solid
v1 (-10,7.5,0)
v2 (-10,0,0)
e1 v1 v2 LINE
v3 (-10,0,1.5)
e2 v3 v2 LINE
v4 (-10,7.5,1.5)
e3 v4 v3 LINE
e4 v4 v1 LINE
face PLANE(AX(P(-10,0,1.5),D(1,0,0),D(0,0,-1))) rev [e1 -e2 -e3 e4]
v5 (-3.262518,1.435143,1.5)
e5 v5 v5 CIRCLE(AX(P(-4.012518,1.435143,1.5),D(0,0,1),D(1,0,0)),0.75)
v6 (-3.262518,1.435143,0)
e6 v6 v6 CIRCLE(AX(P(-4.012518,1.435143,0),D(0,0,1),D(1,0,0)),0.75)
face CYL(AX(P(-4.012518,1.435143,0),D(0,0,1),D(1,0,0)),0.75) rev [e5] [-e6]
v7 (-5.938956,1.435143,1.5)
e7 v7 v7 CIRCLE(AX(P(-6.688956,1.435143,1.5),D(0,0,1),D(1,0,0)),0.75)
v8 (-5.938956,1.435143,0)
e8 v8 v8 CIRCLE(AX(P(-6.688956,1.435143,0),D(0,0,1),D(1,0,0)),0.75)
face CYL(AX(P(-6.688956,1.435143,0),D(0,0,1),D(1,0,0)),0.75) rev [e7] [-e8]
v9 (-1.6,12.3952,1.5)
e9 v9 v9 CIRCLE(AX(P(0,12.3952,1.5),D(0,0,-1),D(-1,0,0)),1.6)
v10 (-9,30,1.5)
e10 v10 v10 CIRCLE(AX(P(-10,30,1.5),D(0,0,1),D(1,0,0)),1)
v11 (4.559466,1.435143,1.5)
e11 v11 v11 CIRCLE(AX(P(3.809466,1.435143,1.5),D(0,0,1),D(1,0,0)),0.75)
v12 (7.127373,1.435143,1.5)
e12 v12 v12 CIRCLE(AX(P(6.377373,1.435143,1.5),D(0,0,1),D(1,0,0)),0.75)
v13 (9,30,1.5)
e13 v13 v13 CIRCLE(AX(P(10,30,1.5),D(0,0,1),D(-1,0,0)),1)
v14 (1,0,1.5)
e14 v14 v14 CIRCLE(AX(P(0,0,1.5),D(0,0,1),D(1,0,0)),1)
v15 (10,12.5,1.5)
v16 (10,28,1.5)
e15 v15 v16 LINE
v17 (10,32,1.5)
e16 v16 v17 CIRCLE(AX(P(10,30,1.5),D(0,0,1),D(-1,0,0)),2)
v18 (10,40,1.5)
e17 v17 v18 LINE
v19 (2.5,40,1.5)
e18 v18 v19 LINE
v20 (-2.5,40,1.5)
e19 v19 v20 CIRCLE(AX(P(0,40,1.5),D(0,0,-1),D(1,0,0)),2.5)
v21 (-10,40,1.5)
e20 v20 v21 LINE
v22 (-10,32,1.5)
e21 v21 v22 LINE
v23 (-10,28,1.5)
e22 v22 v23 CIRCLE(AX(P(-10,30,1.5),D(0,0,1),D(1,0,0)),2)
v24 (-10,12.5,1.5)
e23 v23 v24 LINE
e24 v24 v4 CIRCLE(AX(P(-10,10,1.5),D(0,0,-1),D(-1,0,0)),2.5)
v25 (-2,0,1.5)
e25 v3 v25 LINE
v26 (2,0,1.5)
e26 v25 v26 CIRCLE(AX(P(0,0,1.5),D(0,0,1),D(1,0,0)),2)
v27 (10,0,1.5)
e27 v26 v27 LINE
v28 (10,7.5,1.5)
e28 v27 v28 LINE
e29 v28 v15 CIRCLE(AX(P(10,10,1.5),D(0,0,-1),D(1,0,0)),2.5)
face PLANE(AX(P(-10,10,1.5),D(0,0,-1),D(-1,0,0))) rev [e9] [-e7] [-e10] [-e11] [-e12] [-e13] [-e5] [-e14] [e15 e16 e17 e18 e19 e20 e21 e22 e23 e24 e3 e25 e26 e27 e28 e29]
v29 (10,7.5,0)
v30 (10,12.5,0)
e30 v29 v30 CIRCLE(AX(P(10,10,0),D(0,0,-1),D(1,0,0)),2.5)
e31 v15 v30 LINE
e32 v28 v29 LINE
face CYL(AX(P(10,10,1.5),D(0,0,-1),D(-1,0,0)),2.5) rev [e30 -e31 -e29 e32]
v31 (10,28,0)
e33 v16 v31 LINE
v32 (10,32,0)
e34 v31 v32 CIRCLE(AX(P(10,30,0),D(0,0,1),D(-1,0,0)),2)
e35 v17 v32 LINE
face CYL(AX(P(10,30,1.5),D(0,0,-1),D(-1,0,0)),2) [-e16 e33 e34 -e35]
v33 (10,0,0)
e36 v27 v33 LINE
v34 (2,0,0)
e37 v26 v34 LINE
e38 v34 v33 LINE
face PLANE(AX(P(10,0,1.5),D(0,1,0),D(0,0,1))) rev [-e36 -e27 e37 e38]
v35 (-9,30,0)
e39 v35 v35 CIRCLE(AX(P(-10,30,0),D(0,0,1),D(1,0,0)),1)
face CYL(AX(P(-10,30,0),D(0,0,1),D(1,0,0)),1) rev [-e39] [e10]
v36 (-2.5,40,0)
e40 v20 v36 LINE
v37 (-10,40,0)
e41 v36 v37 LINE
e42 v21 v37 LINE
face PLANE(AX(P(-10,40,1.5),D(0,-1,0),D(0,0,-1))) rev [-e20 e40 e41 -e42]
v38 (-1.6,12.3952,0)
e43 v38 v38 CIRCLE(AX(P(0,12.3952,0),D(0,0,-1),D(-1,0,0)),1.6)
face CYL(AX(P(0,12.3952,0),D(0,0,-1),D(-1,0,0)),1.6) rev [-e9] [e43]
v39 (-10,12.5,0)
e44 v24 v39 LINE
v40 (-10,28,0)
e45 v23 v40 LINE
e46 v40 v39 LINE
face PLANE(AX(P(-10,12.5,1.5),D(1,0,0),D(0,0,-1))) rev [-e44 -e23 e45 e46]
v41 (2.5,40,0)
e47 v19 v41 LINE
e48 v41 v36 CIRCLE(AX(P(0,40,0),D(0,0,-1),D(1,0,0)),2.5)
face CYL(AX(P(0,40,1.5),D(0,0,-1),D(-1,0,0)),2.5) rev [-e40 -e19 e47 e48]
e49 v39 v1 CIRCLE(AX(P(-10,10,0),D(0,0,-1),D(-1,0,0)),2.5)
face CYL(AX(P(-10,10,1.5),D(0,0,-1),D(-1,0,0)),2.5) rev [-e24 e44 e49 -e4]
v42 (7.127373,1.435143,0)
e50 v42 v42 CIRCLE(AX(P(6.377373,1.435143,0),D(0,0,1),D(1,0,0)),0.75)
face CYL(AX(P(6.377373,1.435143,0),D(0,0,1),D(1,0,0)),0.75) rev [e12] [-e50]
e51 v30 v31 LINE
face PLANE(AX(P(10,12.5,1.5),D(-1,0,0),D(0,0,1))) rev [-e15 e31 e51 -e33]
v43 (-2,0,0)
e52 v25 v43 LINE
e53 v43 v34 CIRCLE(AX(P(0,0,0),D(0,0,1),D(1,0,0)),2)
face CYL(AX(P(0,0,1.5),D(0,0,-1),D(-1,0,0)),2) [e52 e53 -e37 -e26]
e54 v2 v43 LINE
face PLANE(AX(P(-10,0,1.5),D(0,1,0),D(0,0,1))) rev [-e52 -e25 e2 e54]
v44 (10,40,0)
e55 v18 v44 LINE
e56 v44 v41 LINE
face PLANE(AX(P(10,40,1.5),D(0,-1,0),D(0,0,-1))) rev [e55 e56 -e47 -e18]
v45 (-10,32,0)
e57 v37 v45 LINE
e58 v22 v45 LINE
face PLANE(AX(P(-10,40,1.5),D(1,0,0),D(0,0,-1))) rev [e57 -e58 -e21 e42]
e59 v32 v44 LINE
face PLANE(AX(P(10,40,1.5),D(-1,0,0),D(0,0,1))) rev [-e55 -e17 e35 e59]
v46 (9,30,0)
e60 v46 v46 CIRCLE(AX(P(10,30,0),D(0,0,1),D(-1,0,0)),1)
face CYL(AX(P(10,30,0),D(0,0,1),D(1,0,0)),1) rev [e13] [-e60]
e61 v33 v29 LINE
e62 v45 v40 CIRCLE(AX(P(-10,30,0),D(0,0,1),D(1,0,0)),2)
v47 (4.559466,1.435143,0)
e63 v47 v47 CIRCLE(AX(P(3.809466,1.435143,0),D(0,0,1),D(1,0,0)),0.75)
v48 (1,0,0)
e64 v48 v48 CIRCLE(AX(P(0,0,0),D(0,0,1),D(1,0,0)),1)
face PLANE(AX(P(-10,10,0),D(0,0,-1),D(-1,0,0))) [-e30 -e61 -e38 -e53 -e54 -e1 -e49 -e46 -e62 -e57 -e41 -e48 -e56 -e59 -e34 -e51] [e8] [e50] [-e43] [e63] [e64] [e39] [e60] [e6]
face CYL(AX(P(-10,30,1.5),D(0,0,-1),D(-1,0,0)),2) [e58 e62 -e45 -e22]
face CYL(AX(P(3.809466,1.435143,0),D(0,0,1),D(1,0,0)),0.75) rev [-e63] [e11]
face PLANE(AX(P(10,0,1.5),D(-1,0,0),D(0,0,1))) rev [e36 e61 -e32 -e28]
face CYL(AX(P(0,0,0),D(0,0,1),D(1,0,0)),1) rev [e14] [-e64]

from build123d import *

# Parameters (mm, degrees)
PCB_DEPTH                = 1.5
ESQUISSE3_R              = 1
ESQUISSE3_R_2            = 0.75
TROUS_DEPTH              = 42.788156217
M3_CLEARANCE_HOLE2_D     = 3.2
M3_CLEARANCE_HOLE2_DEPTH = 5
M3_CLEARANCE_HOLE2_TIP   = 0.96137699


with BuildPart() as part:
    # Esquisse2 → PCB (new body)
    with BuildSketch(Plane.XY):
        with BuildLine():
            Line((-10, 0), (-2, 0))
            ThreePointArc((-2, 0), (0, -2), (2, 0))
            Line((2, 0), (10, 0))
            Line((10, 0), (10, 7.5))
            ThreePointArc((10, 7.5), (7.5, 10), (10, 12.5))
            Line((10, 12.5), (10, 28))
            ThreePointArc((10, 28), (12, 30), (10, 32))
            Line((10, 32), (10, 40))
            Line((10, 40), (2.5, 40))
            ThreePointArc((2.5, 40), (0, 37.5), (-2.5, 40))
            Line((-2.5, 40), (-10, 40))
            Line((-10, 40), (-10, 32))
            ThreePointArc((-10, 32), (-12, 30), (-10, 28))
            Line((-10, 28), (-10, 12.5))
            ThreePointArc((-10, 12.5), (-7.5, 10), (-10, 7.5))
            Line((-10, 7.5), (-10, 0))
        make_face()
    extrude(amount=PCB_DEPTH)

    # Esquisse3 → Trous (cut, through all)
    with BuildSketch(Plane.XY.offset(1.5)):
        with Locations((-10, 30)):
            Circle(ESQUISSE3_R)
        with Locations((6.37737312, 1.435143304)):
            Circle(ESQUISSE3_R_2)
        with Locations(Location((10, 30, 0), (0, 0, 180))):
            Circle(ESQUISSE3_R)
        Circle(ESQUISSE3_R)
        with Locations((3.809466202, 1.435143304)):
            Circle(ESQUISSE3_R_2)
        with Locations((-4.012518268, 1.435143304)):
            Circle(ESQUISSE3_R_2)
        with Locations((-6.688956118, 1.435143304)):
            Circle(ESQUISSE3_R_2)
    extrude(amount=-TROUS_DEPTH, mode=Mode.SUBTRACT)

    # M3 Clearance Hole2
    with Locations(Plane(origin=(0, 0, 0), x_dir=(-1, 0, 0), z_dir=(0, 0, -1))):
        with Locations((0, 12.3952)):
            Hole(M3_CLEARANCE_HOLE2_D / 2, depth=M3_CLEARANCE_HOLE2_DEPTH)
            with Locations((0, 0, -(M3_CLEARANCE_HOLE2_DEPTH + M3_CLEARANCE_HOLE2_TIP / 2))):  # 118° drill point
                Cone(0, M3_CLEARANCE_HOLE2_D / 2, M3_CLEARANCE_HOLE2_TIP, mode=Mode.SUBTRACT)


solid = part.part
